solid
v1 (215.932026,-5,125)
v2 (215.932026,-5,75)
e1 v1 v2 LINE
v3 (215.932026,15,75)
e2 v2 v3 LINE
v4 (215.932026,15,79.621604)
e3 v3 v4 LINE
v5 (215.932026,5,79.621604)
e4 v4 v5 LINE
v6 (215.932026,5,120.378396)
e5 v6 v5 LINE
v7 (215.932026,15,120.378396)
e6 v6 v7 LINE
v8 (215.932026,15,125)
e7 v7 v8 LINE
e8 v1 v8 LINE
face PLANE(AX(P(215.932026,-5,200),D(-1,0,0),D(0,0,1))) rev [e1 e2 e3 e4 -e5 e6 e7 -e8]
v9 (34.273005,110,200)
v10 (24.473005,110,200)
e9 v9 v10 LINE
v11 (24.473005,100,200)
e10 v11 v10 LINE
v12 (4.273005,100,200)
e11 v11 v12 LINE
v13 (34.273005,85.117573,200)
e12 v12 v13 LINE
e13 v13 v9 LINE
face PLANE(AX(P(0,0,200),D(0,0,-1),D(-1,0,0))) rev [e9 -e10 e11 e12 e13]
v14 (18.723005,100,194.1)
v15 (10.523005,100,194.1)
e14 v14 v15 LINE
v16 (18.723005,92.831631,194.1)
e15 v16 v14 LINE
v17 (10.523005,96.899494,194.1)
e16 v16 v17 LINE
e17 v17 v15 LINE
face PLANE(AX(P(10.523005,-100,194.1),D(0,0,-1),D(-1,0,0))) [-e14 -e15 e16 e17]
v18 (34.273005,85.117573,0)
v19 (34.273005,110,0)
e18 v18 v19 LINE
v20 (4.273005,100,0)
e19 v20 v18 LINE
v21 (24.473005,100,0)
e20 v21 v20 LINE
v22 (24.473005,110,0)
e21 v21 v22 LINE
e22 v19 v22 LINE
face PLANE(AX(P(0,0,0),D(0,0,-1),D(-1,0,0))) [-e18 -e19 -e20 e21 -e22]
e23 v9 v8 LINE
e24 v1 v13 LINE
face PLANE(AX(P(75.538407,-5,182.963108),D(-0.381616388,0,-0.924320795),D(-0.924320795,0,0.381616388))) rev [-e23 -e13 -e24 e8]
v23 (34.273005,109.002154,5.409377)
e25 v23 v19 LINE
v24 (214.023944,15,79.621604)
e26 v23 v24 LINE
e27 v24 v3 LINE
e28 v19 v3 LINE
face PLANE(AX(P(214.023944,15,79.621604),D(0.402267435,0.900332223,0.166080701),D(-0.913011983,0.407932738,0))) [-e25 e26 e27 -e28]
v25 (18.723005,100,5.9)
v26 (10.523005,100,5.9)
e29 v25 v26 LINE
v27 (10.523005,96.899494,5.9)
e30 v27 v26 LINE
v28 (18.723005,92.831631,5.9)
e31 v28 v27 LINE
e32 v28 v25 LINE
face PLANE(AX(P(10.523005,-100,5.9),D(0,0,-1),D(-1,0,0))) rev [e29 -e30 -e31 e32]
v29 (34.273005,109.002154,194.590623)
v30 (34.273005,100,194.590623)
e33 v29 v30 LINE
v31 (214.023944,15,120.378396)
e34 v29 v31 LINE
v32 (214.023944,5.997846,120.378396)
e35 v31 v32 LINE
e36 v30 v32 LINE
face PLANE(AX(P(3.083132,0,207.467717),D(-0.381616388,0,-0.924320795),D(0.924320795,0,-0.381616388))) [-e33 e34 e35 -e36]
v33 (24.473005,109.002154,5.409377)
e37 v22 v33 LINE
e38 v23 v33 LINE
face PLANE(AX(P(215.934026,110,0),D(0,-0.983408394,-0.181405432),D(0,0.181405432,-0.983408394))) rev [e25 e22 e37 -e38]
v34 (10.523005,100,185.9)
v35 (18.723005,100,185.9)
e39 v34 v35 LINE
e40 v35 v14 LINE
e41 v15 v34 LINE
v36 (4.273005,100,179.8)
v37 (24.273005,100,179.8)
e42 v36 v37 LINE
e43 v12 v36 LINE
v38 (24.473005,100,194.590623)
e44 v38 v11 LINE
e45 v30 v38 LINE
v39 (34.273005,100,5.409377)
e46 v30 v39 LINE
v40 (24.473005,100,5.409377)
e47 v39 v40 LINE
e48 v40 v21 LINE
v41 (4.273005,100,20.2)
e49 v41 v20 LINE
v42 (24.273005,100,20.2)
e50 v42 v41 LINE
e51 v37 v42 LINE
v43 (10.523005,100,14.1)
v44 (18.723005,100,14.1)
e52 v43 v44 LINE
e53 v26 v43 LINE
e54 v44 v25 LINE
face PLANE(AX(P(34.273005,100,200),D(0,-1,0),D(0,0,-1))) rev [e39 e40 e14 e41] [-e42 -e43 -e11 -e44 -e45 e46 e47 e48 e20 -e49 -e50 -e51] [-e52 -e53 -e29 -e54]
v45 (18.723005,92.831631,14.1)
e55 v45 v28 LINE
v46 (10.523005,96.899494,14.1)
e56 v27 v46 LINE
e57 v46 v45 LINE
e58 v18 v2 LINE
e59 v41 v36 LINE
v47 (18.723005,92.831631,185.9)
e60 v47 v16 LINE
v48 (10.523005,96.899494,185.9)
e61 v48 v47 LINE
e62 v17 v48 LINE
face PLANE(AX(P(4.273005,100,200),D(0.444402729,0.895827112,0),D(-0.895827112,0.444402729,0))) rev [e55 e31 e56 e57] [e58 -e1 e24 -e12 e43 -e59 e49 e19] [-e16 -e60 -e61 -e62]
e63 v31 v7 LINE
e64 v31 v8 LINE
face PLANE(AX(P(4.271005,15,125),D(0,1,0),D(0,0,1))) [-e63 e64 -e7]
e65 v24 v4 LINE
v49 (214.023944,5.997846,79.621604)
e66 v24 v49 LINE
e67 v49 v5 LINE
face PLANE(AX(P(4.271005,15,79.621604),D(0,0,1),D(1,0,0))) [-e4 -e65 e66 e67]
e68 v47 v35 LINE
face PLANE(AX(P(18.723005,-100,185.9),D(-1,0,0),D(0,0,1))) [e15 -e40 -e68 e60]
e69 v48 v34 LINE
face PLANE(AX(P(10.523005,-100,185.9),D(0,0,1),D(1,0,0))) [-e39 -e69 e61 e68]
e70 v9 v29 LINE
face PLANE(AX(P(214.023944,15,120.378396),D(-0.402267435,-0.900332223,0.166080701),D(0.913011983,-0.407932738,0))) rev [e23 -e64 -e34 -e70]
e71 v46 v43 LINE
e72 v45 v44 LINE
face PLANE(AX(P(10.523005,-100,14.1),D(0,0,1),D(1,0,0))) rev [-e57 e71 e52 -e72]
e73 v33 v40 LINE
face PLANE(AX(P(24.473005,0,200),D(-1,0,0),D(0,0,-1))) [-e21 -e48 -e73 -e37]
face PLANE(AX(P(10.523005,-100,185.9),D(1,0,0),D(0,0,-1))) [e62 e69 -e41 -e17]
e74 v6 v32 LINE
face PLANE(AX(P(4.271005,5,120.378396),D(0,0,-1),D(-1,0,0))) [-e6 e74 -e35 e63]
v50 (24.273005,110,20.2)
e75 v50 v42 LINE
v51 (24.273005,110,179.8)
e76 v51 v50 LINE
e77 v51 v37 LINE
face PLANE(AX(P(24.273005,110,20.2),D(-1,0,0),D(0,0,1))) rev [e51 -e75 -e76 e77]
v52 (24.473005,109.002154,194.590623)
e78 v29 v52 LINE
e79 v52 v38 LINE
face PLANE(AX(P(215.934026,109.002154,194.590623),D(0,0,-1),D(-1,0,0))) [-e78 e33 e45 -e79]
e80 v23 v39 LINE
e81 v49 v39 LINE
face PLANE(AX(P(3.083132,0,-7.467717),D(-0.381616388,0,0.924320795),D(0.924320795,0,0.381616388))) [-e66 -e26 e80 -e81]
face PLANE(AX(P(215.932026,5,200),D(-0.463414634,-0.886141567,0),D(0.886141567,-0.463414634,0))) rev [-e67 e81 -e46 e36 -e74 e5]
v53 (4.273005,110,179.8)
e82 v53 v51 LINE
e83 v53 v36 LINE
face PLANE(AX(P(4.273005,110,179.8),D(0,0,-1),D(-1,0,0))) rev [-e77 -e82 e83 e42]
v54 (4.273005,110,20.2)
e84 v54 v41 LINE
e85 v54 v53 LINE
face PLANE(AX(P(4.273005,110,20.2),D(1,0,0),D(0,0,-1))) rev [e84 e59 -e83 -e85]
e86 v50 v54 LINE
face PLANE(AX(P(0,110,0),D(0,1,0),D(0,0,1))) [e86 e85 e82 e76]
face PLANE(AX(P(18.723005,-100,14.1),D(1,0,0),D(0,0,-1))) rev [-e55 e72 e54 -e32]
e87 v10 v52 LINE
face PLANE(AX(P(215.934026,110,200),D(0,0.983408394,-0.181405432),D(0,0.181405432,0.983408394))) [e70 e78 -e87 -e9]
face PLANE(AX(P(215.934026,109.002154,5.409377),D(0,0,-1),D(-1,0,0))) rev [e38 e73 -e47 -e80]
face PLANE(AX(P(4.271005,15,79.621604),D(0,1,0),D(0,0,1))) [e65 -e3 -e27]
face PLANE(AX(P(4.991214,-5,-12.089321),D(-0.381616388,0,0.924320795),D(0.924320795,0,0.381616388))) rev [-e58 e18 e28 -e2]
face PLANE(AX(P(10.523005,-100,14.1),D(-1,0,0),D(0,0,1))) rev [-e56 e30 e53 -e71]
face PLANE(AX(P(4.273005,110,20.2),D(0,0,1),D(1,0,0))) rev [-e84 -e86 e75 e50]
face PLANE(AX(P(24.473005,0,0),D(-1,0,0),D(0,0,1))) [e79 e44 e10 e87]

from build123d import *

# Parameters (mm, degrees)
SALIENTE_EXTRUIR1_DEPTH  = 200
CROQUIS2_W               = 8.2
CROQUIS2_H               = 8.2
CORTAR_EXTRUIR1_DEPTH    = 200
CORTAR_EXTRUIR3_DEPTH    = 313.49262378
SALIENTE_EXTRUIR3_DEPTH  = 5
SALIENTE_EXTRUIR4_REACH  = 313.287
CROQUIS10_W              = 4.621603975
CROQUIS10_H              = 10
CROQUIS11_W              = 20
CROQUIS11_H              = 159.6
SALIENTE_EXTRUIR6_DEPTH  = 10
CORTAR_EXTRUIR4_DEPTH    = 313.49262378
SALIENTE_EXTRUIR10_REACH = 299.92


with BuildPart() as part:
    # Croquis1 → Saliente-Extruir1 (new body)
    with BuildSketch(Plane.XY):
        Polygon((4.273004903, 100), (215.932026149, -5), (215.932026149, 5), (34.273004903, 100), align=None)
    extrude(amount=SALIENTE_EXTRUIR1_DEPTH)

    # Croquis2 → Cortar-Extruir1 (cut)
    with BuildSketch(Plane(origin=(0, 100, 0), x_dir=(1, 0, 0), z_dir=(0, 1, 0))):
        with Locations((14.623004903, -10)):
            Rectangle(CROQUIS2_W, CROQUIS2_H)
    cortar_extruir1 = extrude(amount=-CORTAR_EXTRUIR1_DEPTH, mode=Mode.SUBTRACT)

    # Croquis8 → Cortar-Extruir3 (cut, through all)
    with BuildSketch(Plane(origin=(0, 100, 0), x_dir=(1, 0, 0), z_dir=(0, 1, 0))):
        Polygon((34.273004903, -200), (215.932026149, -200), (215.932026149, -125), align=None)
        Polygon((215.932026149, -75), (215.932026149, 0), (34.273004903, 0), align=None)
    extrude(amount=-CORTAR_EXTRUIR3_DEPTH, mode=Mode.SUBTRACT)

    # Croquis9 → Saliente-Extruir3 (add)
    with BuildSketch(Plane(origin=(4.991214306, 0, -12.08932141), x_dir=(-0.9243207949834489, 0, -0.3816163884860884), z_dir=(0.38161638848608836, 0, -0.9243207949834488))):
        Polygon((-228.211691209, 5), (-228.211691209, 15), (-31.679251139, 110), (-31.679251139, 100), align=None)
    saliente_extruir3 = extrude(amount=-SALIENTE_EXTRUIR3_DEPTH)

    # Simetría2: Saliente-Extruir3 across plane
    add(saliente_extruir3.mirror(Plane.XY.offset(100)))

    # Croquis10 → Saliente-Extruir4 (add, up to next)
    with BuildSketch(Plane(origin=(215.932026149, 0, 0), x_dir=(0, 0, -1), z_dir=(1, 0, 0)), mode=Mode.PRIVATE) as saliente_extruir4_sk1:
        with Locations((-122.689198013, 10)):
            Rectangle(CROQUIS10_W, CROQUIS10_H)
    saliente_extruir4_tool1 = extrude(saliente_extruir4_sk1.sketch, amount=-SALIENTE_EXTRUIR4_REACH, mode=Mode.PRIVATE) - part.part
    # Croquis10 → Saliente-Extruir4 (add, up to next)
    with BuildSketch(Plane(origin=(215.932026149, 0, 0), x_dir=(0, 0, -1), z_dir=(1, 0, 0)), mode=Mode.PRIVATE) as saliente_extruir4_sk2:
        with Locations((-77.310801987, 10)):
            Rectangle(CROQUIS10_W, CROQUIS10_H)
    saliente_extruir4_tool2 = extrude(saliente_extruir4_sk2.sketch, amount=-SALIENTE_EXTRUIR4_REACH, mode=Mode.PRIVATE) - part.part
    add(saliente_extruir4_tool1.solids().sort_by_distance((215.932026, 10, 122.689198))[0])
    add(saliente_extruir4_tool2.solids().sort_by_distance((215.932026, 10, 77.310802))[0])

    # Croquis11 → Saliente-Extruir6 (add)
    with BuildSketch(Plane(origin=(0, 100, 0), x_dir=(1, 0, 0), z_dir=(0, 1, 0))):
        with Locations((14.273004903, -100)):
            Rectangle(CROQUIS11_W, CROQUIS11_H)
    extrude(amount=SALIENTE_EXTRUIR6_DEPTH)

    # Croquis12 → Cortar-Extruir4 (cut, through all)
    with BuildSketch(Plane(origin=(0, 100, 0), x_dir=(1, 0, 0), z_dir=(0, 1, 0))):
        Polygon((34.273004903, -200), (34.273004903, -194.59062262), (32.364922961, -195.378396025), align=None)
    cortar_extruir4 = extrude(amount=CORTAR_EXTRUIR4_DEPTH, mode=Mode.SUBTRACT)

    # Simetría3: Cortar-Extruir4 across plane
    add(cortar_extruir4.mirror(Plane.XY.offset(100)), mode=Mode.SUBTRACT)

    # Simetría5: Cortar-Extruir1 across plane
    add(cortar_extruir1.mirror(Plane.XY.offset(100)), mode=Mode.SUBTRACT)

    # Croquis17 → Saliente-Extruir10 (add, up to next)
    with BuildSketch(Plane.ZY.offset(-24.473004903), mode=Mode.PRIVATE) as saliente_extruir10_sk1:
        Polygon((194.59062262, 109.002153687), (194.59062262, 100), (200, 100), (200, 110), align=None)
    saliente_extruir10_tool1 = extrude(saliente_extruir10_sk1.sketch, amount=-SALIENTE_EXTRUIR10_REACH, mode=Mode.PRIVATE) - part.part
    saliente_extruir10 = saliente_extruir10_tool1.solids().sort_by_distance((24.473005, 104.754905, 197.342654))[0]
    add(saliente_extruir10)

    # Simetría6: Saliente-Extruir10 across plane
    add(saliente_extruir10.mirror(Plane.XY.offset(100)))


solid = part.part
